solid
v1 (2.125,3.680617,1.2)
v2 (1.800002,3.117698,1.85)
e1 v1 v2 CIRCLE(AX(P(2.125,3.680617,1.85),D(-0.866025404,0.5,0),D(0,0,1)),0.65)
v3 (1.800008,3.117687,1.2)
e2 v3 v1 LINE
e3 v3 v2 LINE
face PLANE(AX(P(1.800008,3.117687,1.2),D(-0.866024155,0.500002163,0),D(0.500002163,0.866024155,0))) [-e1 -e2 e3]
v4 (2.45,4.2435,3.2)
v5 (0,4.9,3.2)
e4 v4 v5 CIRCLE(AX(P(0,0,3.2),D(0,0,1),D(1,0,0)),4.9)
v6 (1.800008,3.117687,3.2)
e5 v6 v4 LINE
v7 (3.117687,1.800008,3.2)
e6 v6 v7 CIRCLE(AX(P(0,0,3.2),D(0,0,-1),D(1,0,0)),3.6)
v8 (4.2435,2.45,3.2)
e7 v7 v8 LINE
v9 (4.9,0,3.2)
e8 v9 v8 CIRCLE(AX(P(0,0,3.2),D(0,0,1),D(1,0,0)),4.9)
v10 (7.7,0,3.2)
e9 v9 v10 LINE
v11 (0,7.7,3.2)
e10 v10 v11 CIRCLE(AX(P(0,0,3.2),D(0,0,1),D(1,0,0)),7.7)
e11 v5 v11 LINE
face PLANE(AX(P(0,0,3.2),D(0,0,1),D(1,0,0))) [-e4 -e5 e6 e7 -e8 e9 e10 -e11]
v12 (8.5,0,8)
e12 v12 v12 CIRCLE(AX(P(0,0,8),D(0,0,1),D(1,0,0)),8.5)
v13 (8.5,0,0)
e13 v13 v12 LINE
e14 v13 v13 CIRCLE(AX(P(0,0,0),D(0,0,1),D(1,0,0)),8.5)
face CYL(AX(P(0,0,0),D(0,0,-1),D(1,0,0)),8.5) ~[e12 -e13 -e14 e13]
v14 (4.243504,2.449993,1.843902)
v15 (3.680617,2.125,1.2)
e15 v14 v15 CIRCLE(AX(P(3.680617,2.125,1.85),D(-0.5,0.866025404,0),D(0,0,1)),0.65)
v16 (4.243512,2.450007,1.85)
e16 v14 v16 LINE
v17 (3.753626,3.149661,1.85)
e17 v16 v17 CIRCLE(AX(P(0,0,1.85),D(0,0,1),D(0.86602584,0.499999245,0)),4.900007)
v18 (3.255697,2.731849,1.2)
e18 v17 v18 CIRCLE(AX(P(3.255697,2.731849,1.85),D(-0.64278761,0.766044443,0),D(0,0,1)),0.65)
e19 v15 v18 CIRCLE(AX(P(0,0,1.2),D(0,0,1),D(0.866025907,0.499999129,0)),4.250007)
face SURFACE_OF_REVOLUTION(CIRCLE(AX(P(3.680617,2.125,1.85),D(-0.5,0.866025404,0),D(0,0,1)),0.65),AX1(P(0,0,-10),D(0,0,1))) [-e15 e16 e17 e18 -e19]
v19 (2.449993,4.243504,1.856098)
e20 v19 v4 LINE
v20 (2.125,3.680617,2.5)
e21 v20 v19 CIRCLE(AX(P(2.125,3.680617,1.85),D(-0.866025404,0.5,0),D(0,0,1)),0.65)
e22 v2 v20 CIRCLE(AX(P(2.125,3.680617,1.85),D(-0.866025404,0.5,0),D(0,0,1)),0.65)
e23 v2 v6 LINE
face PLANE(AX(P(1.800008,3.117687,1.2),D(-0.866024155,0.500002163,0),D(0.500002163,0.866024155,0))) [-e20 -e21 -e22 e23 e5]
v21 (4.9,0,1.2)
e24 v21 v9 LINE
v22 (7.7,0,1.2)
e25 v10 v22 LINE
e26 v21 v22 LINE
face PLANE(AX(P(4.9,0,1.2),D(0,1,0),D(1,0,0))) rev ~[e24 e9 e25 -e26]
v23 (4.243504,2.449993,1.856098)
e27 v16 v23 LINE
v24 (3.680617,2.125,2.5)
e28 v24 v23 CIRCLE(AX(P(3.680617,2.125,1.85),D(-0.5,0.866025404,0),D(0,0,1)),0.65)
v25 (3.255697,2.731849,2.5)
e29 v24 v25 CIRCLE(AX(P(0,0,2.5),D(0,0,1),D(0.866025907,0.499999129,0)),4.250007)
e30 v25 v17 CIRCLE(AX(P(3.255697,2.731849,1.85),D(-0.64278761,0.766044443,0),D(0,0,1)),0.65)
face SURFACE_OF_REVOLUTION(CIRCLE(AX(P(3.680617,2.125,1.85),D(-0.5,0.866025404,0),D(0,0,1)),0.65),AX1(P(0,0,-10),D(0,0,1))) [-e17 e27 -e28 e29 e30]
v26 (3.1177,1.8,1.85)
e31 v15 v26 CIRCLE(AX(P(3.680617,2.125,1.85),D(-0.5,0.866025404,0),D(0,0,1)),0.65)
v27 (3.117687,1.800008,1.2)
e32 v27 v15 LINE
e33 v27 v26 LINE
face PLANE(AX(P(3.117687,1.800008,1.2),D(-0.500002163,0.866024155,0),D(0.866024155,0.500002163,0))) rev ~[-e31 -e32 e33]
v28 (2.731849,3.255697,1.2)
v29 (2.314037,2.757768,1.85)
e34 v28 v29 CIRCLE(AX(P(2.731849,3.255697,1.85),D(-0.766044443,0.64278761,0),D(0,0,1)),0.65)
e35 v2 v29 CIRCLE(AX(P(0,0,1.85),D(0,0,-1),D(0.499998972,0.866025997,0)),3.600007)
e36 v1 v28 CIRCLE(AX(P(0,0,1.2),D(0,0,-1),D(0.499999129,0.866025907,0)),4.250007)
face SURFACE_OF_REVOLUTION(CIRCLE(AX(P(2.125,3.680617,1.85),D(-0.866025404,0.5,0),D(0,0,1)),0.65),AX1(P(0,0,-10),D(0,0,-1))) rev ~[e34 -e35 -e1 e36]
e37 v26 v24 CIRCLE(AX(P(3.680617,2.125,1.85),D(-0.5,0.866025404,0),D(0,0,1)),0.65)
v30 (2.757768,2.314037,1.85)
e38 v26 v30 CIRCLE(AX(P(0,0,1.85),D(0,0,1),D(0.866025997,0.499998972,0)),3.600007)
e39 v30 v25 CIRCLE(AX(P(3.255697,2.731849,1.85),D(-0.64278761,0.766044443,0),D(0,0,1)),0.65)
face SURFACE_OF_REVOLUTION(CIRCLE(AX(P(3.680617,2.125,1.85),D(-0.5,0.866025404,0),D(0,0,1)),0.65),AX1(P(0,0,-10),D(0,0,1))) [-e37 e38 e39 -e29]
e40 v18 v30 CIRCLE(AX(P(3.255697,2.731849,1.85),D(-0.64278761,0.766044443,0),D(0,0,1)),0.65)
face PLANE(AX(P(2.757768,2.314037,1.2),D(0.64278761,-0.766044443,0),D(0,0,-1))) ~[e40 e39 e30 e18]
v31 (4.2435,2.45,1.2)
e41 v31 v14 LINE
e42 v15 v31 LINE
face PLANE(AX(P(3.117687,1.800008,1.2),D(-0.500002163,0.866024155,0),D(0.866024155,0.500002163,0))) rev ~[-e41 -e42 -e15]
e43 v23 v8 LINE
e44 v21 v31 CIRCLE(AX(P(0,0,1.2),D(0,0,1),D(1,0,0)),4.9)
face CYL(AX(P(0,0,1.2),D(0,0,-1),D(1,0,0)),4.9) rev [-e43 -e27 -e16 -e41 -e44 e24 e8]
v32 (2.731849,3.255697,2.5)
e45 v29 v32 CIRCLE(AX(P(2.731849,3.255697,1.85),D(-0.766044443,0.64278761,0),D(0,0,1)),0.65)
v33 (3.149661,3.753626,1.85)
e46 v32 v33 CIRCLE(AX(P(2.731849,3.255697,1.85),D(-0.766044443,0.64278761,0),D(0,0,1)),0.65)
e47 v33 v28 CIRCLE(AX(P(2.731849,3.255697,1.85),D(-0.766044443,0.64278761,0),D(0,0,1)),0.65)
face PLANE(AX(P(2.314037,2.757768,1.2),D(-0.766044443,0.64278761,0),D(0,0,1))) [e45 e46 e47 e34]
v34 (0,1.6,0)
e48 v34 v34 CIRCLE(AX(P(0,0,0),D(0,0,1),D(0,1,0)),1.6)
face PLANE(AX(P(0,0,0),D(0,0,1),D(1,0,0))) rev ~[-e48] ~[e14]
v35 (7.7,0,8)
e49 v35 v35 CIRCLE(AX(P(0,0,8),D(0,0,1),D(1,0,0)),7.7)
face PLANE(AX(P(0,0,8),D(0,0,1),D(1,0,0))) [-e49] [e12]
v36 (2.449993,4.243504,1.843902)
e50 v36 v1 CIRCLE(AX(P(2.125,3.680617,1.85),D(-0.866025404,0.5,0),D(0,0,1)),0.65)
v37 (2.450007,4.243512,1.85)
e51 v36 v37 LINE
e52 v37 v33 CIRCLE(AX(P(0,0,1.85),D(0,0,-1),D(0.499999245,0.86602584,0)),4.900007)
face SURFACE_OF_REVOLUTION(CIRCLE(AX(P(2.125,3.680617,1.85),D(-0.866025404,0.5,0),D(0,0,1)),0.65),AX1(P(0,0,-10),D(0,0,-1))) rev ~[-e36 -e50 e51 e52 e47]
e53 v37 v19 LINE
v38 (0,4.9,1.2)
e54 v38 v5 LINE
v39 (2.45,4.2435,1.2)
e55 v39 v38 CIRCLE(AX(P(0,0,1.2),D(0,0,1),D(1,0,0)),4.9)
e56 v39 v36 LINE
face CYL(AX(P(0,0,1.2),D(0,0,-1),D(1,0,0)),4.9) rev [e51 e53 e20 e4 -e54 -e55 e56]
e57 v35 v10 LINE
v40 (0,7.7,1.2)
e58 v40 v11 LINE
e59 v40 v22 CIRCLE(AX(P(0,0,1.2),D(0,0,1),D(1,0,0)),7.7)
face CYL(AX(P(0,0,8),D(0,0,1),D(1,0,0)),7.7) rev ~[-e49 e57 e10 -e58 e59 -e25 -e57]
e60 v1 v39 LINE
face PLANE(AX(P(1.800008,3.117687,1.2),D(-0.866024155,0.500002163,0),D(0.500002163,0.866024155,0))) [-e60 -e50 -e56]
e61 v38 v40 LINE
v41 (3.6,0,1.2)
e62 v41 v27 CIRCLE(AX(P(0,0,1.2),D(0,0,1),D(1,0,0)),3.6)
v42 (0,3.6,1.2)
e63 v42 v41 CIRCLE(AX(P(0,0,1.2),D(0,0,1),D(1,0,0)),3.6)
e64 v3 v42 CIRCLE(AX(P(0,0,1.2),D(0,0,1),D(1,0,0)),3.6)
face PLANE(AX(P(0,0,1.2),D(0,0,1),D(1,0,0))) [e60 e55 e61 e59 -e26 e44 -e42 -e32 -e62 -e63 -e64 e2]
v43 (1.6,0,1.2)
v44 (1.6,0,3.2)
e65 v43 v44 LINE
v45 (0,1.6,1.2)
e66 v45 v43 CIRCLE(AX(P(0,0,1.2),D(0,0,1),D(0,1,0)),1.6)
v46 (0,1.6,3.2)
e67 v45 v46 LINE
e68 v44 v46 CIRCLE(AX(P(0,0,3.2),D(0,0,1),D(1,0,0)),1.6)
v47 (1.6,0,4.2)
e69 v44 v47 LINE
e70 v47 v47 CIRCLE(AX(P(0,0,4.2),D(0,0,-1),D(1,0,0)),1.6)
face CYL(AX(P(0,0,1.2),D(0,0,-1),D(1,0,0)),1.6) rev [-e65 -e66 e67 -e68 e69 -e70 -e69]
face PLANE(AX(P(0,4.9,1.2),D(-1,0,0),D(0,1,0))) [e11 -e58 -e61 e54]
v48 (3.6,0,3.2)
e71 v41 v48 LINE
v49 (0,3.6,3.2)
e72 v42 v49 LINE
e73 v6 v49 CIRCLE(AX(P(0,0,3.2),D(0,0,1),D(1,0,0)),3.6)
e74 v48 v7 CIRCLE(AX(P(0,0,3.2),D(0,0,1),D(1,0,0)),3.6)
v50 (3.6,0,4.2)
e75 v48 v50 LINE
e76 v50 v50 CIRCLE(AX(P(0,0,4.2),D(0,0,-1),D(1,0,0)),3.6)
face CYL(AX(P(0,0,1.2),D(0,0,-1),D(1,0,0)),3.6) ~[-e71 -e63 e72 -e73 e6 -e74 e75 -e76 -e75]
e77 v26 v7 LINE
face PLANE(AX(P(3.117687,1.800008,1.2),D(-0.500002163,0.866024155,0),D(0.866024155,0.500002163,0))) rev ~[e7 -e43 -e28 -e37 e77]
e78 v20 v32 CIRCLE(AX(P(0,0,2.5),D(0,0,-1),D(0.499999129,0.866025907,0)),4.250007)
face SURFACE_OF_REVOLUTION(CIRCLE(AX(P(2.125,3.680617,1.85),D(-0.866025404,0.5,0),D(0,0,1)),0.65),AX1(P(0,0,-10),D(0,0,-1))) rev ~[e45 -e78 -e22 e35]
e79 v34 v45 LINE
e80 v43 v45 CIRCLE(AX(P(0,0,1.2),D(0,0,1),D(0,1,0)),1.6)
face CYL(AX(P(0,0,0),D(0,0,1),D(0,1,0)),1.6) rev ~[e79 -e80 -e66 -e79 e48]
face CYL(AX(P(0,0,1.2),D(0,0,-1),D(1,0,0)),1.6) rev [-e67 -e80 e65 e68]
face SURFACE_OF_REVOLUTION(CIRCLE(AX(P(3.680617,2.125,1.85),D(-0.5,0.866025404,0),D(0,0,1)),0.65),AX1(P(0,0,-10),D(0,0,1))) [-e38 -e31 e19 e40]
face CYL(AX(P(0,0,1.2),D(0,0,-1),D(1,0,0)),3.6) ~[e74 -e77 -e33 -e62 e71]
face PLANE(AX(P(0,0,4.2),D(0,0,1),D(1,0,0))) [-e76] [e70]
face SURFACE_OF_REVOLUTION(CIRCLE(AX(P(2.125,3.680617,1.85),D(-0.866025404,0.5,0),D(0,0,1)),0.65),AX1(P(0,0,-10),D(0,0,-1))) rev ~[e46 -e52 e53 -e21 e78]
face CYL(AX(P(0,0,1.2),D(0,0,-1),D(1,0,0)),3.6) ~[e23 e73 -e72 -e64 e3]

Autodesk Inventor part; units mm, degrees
ref_plane "YZ Plane" through (0, 0, 0) normal (1, 0, 0) x (0, 1, 0)
ref_plane "XY Plane" through (0, 0, 0) normal (0, 0, 1) x (1, 0, 0)
sketch "Sketch1" plane through (0, 0, 0) normal (0, 0, 1) x (1, 0, 0)
  circle A0 centre (0, 0) radius 8.5
  dimension "d0" = 17
extrude "Extrusion1" add sketch "Sketch1" along normal blind 8
sketch "Sketch2" plane through (0, 0, 8) normal (0, 0, 1) x (1, 0, 0)
  circle A0 centre (0, 0) radius 7.7
  circle A1 centre (0, 0) radius 8.5 projected
  dimension "d3" = 0.8
extrude "Extrusion2" cut sketch "Sketch2" against normal blind 6.8 contours A0
sketch "Sketch3" plane through (0, 0, 0) normal (0, 0, -1) x (-1, 0, 0)
  point P0 (0, 0)
hole "Hole1" at (0, 0, 0) direction (0, 0, 1) diameter 3.2 end through all clearance for "Flat Head Machine Screw" size "M3" standard "Ansi Metric M Profile"
sketch "Sketch4" plane through (0, 0, 1.2) normal (0, 0, 1) x (1, 0, 0)
  circle A0 centre (0, 0) radius 1.6 projected
  circle A1 centre (0, 0) radius 7.7 projected
  line L0 (-11.9, 0) -> (11.9, 0) projected
  line L1 (0, -11.9) -> (0, 11.9) projected
  circle A2 centre (0, 0) radius 3.6
  circle A3 centre (0, 0) radius 4.9
  line L2 (0, 0) -> (2.45, 4.2435)
  line L3 (0, 0) -> (4.2435, 2.45)
  point P0 (0, 7.7)
  point P1 (0, 1.6)
  point P2 (1.6, 0)
  point P3 (7.7, 0)
  point P4 (3.6, 0)
  point P5 (3.1177, 1.8)
  point P6 (4.9, 0)
  point P7 (0, 4.9)
  point P8 (1.8, 3.1177)
  point P9 (0, 3.6)
  dimension "d15" = 30
  dimension "d16" = 30
  dimension "d17" = 9.8
  dimension "d18" = 7.2
extrude "Extrusion3" add sketch "Sketch4" along normal blind 2 contours A0 L3 A2 L0 | A0 L2 A2 L3 | A0 L1 A2 L2 | A2 L2 A3 L3 | A3 L1 A1 L0 picked at (4.6569, 4.8582)
extrude "Extrusion4" add sketch "Sketch4" along normal blind 3 contours L0 A2 L1 A0 | A0 L3 A2 L0 | A0 L2 A2 L3 | L1 A2 L0 A0 | A0 L1 A2 L2 | L0 A2 L1 A0
sketch "Sketch5" plane through (1.8, 3.1177, 1.2) normal (-0.866, 0.5, 0) x (0, 0, 1)
  line L0 (0, 0) -> (0, 1.3) projected
  line L1 (0, 0) -> (2, 0) projected
  line L2 (2, 1.3) -> (2, 0) projected
  line L3 (0, 1.3) -> (2, 1.3) projected
  circle A0 centre (0.65, 0.65) radius 0.65
  line L4 (0, 1.3) -> (2, 1.3) projected
  line L5 (0, 0) -> (2, 0) projected
  line L6 (-2.8, -3.6) -> (8.4, -3.6) projected
  point P0 (-1.2, -3.6)
revolve "Revolution1" cut sketch "Sketch5" angle 10 about axis through (0, 0, -10) along (0, 0, -1) contours A0
ref_plane "Work Plane1" through (0, 0, 0) normal (-0.7071, 0.7071, 0) x (0, 0, 1)
mirror "Mirror1" about plane through (0, 0, 0) normal (-0.7071, 0.7071, 0) of "Revolution1"
properties part number "RewingingSpoolBushing"
